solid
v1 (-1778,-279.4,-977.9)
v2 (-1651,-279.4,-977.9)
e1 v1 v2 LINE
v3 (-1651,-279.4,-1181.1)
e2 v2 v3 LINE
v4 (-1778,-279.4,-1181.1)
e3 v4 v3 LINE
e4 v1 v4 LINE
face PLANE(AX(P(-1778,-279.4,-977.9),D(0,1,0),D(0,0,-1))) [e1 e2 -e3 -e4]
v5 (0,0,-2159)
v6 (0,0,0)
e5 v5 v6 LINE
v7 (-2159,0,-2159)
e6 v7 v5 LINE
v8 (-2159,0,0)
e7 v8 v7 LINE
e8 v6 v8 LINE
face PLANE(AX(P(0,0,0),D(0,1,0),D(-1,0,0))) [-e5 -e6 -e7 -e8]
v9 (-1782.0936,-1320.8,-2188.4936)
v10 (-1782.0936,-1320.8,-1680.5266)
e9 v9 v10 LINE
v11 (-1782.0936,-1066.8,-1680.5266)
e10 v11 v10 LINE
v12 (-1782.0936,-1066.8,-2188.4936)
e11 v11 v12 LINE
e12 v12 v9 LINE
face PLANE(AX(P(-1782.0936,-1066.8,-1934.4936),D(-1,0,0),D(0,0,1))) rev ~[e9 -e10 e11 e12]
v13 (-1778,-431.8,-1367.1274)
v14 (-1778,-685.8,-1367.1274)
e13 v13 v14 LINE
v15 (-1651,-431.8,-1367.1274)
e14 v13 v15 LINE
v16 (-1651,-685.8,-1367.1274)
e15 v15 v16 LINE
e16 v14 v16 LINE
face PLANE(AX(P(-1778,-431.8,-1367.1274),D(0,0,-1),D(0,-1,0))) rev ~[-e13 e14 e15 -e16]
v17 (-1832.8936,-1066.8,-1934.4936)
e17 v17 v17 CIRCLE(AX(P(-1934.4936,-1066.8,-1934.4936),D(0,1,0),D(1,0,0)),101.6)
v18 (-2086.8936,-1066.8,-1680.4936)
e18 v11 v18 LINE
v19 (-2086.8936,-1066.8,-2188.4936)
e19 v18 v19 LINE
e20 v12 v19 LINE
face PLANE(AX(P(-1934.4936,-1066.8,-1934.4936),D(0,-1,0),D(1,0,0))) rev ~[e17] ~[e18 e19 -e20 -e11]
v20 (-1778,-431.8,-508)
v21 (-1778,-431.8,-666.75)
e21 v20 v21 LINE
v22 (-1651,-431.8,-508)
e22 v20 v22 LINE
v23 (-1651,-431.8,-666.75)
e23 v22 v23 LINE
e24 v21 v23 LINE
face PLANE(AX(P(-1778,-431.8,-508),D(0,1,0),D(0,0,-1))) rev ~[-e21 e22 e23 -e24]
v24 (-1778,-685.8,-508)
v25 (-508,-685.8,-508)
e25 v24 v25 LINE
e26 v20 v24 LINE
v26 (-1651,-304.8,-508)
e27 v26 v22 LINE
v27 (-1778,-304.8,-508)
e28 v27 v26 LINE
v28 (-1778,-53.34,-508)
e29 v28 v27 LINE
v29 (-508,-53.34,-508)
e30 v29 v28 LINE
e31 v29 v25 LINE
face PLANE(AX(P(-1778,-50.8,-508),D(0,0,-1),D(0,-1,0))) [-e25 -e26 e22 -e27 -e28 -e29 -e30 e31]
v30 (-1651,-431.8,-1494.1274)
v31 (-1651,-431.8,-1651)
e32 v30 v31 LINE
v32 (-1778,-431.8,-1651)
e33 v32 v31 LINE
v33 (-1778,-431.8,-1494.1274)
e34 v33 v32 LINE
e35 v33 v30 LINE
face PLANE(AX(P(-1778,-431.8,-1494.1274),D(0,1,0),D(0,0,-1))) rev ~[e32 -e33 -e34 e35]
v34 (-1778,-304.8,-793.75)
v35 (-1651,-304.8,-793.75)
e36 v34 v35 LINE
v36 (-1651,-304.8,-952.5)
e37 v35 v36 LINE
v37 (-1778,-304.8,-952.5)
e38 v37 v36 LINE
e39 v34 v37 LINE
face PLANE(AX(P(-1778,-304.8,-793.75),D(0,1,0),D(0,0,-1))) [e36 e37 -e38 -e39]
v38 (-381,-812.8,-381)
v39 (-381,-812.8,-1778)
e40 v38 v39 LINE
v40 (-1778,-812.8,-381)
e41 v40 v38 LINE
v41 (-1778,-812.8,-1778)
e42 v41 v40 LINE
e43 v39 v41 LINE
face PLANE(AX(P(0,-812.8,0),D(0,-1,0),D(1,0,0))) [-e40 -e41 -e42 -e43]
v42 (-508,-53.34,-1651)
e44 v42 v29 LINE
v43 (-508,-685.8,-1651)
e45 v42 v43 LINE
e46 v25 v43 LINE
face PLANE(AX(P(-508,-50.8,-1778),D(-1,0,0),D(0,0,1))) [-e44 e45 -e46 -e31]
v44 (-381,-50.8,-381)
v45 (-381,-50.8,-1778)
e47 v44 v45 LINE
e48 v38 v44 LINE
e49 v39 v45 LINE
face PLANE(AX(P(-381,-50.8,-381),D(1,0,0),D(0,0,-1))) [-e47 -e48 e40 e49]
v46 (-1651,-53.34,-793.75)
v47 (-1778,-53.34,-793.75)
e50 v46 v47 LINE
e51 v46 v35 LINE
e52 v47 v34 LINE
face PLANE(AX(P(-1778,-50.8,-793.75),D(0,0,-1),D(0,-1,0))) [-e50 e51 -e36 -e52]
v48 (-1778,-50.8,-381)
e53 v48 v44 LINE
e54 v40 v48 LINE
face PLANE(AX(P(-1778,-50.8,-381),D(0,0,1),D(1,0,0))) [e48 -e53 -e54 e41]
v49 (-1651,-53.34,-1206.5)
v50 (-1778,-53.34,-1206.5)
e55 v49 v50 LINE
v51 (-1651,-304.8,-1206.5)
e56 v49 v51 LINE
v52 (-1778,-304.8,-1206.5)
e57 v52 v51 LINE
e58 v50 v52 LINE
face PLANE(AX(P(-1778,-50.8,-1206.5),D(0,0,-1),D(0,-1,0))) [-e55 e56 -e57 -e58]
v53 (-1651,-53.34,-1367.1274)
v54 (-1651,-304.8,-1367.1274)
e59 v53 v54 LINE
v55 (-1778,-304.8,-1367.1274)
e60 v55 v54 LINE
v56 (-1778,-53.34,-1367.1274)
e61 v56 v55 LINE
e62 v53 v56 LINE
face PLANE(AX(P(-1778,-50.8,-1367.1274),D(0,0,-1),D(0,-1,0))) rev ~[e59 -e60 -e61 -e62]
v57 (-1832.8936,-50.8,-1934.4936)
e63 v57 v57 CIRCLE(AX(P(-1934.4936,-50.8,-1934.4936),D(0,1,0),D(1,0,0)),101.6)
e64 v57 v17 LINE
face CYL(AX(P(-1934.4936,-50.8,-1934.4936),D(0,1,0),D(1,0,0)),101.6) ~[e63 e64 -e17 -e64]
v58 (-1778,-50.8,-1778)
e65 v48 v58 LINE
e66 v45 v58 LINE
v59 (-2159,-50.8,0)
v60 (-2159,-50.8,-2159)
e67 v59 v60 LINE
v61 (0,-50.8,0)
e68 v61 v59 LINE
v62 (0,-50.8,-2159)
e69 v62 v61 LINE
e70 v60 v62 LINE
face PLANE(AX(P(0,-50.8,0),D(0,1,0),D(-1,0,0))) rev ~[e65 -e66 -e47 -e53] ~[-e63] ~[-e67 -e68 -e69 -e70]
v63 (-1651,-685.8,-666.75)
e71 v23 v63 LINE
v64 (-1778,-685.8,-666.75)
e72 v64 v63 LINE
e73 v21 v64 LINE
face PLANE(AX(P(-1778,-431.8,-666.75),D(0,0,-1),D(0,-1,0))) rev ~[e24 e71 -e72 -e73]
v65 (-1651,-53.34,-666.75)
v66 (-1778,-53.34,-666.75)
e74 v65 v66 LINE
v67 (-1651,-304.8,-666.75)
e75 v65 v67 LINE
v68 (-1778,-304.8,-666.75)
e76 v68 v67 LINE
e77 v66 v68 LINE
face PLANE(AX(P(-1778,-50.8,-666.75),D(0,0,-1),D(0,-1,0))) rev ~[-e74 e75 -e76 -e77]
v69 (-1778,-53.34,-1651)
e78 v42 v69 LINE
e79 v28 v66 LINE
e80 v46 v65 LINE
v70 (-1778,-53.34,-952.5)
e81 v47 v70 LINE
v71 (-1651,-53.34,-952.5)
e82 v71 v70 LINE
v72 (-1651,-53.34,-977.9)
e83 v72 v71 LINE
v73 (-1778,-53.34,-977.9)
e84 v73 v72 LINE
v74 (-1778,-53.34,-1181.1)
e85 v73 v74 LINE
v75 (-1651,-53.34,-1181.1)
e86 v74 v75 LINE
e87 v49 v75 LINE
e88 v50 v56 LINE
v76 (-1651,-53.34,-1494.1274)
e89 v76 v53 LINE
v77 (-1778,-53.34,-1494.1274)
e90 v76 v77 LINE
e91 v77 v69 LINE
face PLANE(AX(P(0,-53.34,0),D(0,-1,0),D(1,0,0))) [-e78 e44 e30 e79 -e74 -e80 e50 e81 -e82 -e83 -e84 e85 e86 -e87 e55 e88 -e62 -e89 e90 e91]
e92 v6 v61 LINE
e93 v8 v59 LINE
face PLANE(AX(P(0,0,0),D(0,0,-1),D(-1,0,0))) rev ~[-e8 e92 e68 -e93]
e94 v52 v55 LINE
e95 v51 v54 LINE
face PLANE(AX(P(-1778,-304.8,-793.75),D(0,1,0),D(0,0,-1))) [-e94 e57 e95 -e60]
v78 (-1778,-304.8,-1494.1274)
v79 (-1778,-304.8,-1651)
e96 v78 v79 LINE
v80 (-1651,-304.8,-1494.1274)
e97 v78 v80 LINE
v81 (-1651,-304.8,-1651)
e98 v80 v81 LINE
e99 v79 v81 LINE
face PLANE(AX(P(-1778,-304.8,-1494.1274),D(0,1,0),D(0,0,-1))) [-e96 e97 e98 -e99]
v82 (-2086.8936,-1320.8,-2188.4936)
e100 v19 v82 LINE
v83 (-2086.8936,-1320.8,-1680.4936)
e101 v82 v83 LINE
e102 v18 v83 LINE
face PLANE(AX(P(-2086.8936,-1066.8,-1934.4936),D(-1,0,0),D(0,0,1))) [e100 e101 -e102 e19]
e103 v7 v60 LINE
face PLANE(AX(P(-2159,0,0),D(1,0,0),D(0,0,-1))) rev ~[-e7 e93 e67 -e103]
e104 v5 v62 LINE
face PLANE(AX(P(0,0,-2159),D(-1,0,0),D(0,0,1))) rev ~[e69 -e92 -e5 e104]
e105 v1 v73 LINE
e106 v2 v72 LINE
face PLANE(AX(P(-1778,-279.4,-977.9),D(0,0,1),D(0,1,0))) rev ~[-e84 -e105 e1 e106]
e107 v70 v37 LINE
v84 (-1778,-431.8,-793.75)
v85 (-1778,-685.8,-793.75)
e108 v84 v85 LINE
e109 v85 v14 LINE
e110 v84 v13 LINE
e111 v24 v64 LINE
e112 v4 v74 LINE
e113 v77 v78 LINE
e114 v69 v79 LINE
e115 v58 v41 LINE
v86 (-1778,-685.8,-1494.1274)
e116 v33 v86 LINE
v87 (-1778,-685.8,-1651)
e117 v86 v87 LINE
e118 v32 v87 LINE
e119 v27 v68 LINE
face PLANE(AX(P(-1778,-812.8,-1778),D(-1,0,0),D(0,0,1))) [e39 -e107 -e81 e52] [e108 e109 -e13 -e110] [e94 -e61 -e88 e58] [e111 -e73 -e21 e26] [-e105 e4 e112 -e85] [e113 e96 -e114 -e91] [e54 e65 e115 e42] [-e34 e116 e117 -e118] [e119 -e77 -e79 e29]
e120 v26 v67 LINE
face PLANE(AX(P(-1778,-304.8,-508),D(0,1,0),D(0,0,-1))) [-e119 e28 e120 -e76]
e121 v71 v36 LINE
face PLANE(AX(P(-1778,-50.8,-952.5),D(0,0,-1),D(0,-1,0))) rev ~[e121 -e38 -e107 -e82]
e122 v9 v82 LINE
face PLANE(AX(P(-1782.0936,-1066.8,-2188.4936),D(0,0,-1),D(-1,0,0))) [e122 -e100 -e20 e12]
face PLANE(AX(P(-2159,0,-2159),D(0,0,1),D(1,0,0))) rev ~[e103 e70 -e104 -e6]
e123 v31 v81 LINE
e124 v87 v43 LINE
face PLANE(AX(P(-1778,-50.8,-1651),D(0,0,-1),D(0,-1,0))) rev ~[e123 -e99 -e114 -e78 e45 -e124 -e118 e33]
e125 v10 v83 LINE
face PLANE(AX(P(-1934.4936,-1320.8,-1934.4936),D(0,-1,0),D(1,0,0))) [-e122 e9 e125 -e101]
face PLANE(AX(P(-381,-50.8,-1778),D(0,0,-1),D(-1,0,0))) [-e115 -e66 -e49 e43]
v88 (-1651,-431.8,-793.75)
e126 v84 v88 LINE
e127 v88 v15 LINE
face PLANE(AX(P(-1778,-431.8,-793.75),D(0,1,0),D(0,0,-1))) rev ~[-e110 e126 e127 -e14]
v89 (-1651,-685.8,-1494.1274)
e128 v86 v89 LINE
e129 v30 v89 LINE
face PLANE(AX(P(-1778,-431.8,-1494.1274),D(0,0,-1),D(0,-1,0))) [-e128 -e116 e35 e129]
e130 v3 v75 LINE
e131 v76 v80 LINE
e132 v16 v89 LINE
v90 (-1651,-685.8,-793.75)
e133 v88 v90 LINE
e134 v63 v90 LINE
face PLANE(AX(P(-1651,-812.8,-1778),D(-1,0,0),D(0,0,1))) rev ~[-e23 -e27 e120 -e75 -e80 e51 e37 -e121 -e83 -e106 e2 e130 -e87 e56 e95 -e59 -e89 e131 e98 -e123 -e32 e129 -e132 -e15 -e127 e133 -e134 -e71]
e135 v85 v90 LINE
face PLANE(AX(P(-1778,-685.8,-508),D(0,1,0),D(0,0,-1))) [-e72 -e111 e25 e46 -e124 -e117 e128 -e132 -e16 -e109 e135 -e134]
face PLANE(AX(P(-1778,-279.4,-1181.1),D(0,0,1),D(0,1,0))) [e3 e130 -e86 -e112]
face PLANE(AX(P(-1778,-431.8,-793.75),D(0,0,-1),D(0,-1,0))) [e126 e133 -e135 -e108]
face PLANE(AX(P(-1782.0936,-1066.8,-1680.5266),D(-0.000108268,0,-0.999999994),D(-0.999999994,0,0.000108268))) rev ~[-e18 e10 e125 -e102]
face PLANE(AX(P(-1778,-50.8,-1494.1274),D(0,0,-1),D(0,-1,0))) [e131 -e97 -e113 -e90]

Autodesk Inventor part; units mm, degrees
ref_plane "YZ Plane" through (0, 0, 0) normal (1, 0, 0) x (0, 1, 0)
ref_plane "XZ Plane" through (0, 0, 0) normal (0, 1, 0) x (-1, 0, 0)
ref_plane "XY Plane" through (0, 0, 0) normal (0, 0, 1) x (1, 0, 0)
sketch "Sketch1" plane through (0, 0, 0) normal (0, 1, 0) x (-1, 0, 0)
  line L0 (0, 0) -> (2159, 0)
  line L1 (2159, 0) -> (2159, -2159)
  line L2 (2159, -2159) -> (0, -2159)
  line L3 (0, -2159) -> (0, 0)
  dimension "d0" = 2159
  dimension "d1" = 2159
  dimension "d2" = 2159
extrude "Extrusion1" add sketch "Sketch1" against normal blind 50.8
sketch "Sketch2" plane through (0, -50.8, 0) normal (0, -1, 0) x (1, 0, 0)
  line L0 (0, 0) -> (-2159, 0) projected
  line L1 (0, 0) -> (0, -381)
  line L2 (0, -2159) -> (0, 0) projected
  line L3 (-381, -381) -> (-381, -1778)
  line L4 (-381, -1778) -> (-1778, -1778)
  line L5 (-1778, -1778) -> (-1778, -381)
  line L6 (-1778, -381) -> (-381, -381)
  dimension "d7" = 1397
  dimension "d8" = 1397
  dimension "d9" = 1397
extrude "Extrusion2" add sketch "Sketch2" along normal blind 762
sketch "Sketch3" plane through (0, -50.8, 0) normal (0, -1, 0) x (1, 0, 0)
  line L0 (-2159, -2159) -> (0, -2159) projected
  line L1 (-2159, -2159) -> (-1934.4936, -1934.4936)
  line L2 (-2159, -2159) -> (-1841.5, -2159) construction
  circle A0 centre (-1934.4936, -1934.4936) radius 101.6
  point P0 (0, 0)
  dimension "d12" = 317.5
  dimension "d13" = 45
  dimension "d14" = 203.2
extrude "Extrusion3" add sketch "Sketch3" along normal blind 1016
sketch "Sketch4" plane through (-1934.4936, -1066.8, -1934.4936) normal (0, -1, 0) x (1, 0, 0)
  line L0 (0, 0) -> (152.4, 0)
  line L1 (0, 0) -> (-152.4, 0)
  line L2 (152.4, 0) -> (152.4, -254)
  line L3 (152.4, 0) -> (152.4, 253.967)
  line L4 (156.4936, 156.4936) -> (156.4936, 1553.4936) projected
  line L5 (152.4, -254) -> (-152.4, -254)
  line L6 (-152.4, -254) -> (-152.4, 254)
  line L7 (152.4, 253.967) -> (-152.4, 254)
  point P0 (1934.4936, 1934.4936)
  dimension "d17" = 152.4
  dimension "d18" = 152.4
  dimension "d19" = 254
  dimension "d20" = 253.967
  dimension "d21" = 304.8
  dimension "d22" = 508
extrude "Extrusion4" add sketch "Sketch4" along normal blind 254
sketch "Sketch5" plane through (-2086.8936, -1066.8, -2188.4936) normal (-1, 0, 0) x (0, 0, 1)
  point P0 (2188.4936, 1066.8)
sketch "Sketch6" plane through (-1778, -50.8, -1778) normal (-1, 0, 0) x (0, 0, 1)
  line L0 (0, 0) -> (127, 0)
  line L1 (0, 0) -> (1397, 0) projected
  line L2 (127, 0) -> (127, -762)
  line L3 (1397, 0) -> (1270, 0)
  line L4 (1270, 0) -> (1270, -762)
  line L5 (1270, -762) -> (1270, -635)
  line L6 (1270, -635) -> (127, -635)
  point P0 (1778, 50.8)
  dimension "d25" = 127
  dimension "d26" = 127
  dimension "d27" = 127
extrude "Extrusion5" cut sketch "Sketch6" against normal blind 1270
sketch "Sketch7" plane through (-1778, -812.8, -1778) normal (-1, 0, 0) x (0, 0, 1)
  line L0 (0, 0) -> (0, 762)
  line L1 (-381, 762) -> (1778, 762) projected
  line L2 (0, 762) -> (698.5, 762)
  line L3 (698.5, 762) -> (698.5, 135.629)
  line L4 (698.5, 762) -> (825.5, 762)
  line L5 (1778, 762) -> (-381, 762) projected
  line L6 (698.5, 762) -> (571.5, 762)
  line L7 (825.5, 762) -> (825.5, 508)
  line L8 (825.5, 508) -> (571.5, 508)
  line L9 (571.5, 762) -> (571.5, 508)
  point P0 (1778, 812.8)
  dimension "d30" = 698.5
  dimension "d31" = 127
  dimension "d32" = 127
  dimension "d38" = 254
  dimension "d39" = 254
extrude "Extrusion6" add sketch "Sketch7" against normal blind 127
sketch "Sketch8" plane through (-1778, -812.8, -1778) normal (-1, 0, 0) x (0, 0, 1)
  line L0 (800.1, 533.4) -> (596.9, 533.4)
  line L1 (596.9, 533.4) -> (596.9, 762)
  line L2 (571.5, 762) -> (825.5, 762) projected
  line L3 (800.1, 533.4) -> (800.1, 762)
  point P0 (1778, 812.8)
  point P1 (825.5, 508)
extrude "Extrusion7" cut sketch "Sketch8" against normal blind 127
sketch "Sketch9" plane through (-1778, -812.8, -1778) normal (-1, 0, 0) x (0, 0, 1)
  line L0 (1047.75, 762) -> (1047.75, 127)
  line L1 (1270, 127) -> (127, 127) projected
  line L2 (1047.75, 762) -> (1111.25, 762)
  line L3 (1047.75, 762) -> (984.25, 762)
  line L4 (1111.25, 762) -> (1111.25, 127)
  line L5 (984.25, 762) -> (984.25, 127)
  line L6 (347.3726, 762) -> (283.8726, 762)
  line L7 (347.3726, 762) -> (410.8726, 762)
  line L8 (410.8726, 762) -> (410.8726, 127)
  line L9 (283.8726, 762) -> (283.8726, 127)
  line L10 (1270, 762) -> (1270, 127) projected
  line L11 (1270, 444.5) -> (1270, 508)
  line L12 (1270, 444.5) -> (1270, 381)
  line L13 (1270, 381) -> (127, 381)
  line L14 (127, 127) -> (127, 762) projected
  line L15 (1270, 508) -> (127, 508)
  point P0 (1778, 812.8)
  point P1 (825.5, 762)
  dimension "d48" = 63.5
  dimension "d49" = 63.5
  dimension "d51" = 63.5
  dimension "d52" = 63.5
  dimension "d53" = 635
  dimension "d55" = 63.5
  dimension "d56" = 63.5
extrude "Extrusion8" add sketch "Sketch9" against normal blind 127 contours L2 L4 L15 L0 | L0 L15 L5 L3 | L15 L4 L13 L0 | L0 L13 L5 L15 | L13 L4 L1 L0 | L0 L1 L5 L13 | L15 L10 L13 L4 | L5 L13 L8 L15 | L15 L9 L6 L7 L8 | L8 L13 L9 L15 | L8 L1 L9 L13 | L9 L13 L14 L15
sketch "Sketch10" plane through (0, -50.8, 0) normal (0, -1, 0) x (1, 0, 0)
  line L0 (-1778, -508) -> (-1778, -381) projected
  line L1 (-1778, -381) -> (-1778, -1778)
  line L2 (-381, -381) -> (-381, -1778) projected
  line L3 (-1778, -1778) -> (-381, -1778)
  line L4 (-381, -381) -> (-1778, -381) projected
  line L5 (-381, -1778) -> (-381, -381)
  line L6 (-381, -381) -> (-1778, -381)
  point P0 (0, 0)
  dimension "d59" = 1397
  dimension "d60" = 1397
extrude "Extrusion9" add sketch "Sketch10" along normal blind 2.54
properties part number "PartStoreipt"
